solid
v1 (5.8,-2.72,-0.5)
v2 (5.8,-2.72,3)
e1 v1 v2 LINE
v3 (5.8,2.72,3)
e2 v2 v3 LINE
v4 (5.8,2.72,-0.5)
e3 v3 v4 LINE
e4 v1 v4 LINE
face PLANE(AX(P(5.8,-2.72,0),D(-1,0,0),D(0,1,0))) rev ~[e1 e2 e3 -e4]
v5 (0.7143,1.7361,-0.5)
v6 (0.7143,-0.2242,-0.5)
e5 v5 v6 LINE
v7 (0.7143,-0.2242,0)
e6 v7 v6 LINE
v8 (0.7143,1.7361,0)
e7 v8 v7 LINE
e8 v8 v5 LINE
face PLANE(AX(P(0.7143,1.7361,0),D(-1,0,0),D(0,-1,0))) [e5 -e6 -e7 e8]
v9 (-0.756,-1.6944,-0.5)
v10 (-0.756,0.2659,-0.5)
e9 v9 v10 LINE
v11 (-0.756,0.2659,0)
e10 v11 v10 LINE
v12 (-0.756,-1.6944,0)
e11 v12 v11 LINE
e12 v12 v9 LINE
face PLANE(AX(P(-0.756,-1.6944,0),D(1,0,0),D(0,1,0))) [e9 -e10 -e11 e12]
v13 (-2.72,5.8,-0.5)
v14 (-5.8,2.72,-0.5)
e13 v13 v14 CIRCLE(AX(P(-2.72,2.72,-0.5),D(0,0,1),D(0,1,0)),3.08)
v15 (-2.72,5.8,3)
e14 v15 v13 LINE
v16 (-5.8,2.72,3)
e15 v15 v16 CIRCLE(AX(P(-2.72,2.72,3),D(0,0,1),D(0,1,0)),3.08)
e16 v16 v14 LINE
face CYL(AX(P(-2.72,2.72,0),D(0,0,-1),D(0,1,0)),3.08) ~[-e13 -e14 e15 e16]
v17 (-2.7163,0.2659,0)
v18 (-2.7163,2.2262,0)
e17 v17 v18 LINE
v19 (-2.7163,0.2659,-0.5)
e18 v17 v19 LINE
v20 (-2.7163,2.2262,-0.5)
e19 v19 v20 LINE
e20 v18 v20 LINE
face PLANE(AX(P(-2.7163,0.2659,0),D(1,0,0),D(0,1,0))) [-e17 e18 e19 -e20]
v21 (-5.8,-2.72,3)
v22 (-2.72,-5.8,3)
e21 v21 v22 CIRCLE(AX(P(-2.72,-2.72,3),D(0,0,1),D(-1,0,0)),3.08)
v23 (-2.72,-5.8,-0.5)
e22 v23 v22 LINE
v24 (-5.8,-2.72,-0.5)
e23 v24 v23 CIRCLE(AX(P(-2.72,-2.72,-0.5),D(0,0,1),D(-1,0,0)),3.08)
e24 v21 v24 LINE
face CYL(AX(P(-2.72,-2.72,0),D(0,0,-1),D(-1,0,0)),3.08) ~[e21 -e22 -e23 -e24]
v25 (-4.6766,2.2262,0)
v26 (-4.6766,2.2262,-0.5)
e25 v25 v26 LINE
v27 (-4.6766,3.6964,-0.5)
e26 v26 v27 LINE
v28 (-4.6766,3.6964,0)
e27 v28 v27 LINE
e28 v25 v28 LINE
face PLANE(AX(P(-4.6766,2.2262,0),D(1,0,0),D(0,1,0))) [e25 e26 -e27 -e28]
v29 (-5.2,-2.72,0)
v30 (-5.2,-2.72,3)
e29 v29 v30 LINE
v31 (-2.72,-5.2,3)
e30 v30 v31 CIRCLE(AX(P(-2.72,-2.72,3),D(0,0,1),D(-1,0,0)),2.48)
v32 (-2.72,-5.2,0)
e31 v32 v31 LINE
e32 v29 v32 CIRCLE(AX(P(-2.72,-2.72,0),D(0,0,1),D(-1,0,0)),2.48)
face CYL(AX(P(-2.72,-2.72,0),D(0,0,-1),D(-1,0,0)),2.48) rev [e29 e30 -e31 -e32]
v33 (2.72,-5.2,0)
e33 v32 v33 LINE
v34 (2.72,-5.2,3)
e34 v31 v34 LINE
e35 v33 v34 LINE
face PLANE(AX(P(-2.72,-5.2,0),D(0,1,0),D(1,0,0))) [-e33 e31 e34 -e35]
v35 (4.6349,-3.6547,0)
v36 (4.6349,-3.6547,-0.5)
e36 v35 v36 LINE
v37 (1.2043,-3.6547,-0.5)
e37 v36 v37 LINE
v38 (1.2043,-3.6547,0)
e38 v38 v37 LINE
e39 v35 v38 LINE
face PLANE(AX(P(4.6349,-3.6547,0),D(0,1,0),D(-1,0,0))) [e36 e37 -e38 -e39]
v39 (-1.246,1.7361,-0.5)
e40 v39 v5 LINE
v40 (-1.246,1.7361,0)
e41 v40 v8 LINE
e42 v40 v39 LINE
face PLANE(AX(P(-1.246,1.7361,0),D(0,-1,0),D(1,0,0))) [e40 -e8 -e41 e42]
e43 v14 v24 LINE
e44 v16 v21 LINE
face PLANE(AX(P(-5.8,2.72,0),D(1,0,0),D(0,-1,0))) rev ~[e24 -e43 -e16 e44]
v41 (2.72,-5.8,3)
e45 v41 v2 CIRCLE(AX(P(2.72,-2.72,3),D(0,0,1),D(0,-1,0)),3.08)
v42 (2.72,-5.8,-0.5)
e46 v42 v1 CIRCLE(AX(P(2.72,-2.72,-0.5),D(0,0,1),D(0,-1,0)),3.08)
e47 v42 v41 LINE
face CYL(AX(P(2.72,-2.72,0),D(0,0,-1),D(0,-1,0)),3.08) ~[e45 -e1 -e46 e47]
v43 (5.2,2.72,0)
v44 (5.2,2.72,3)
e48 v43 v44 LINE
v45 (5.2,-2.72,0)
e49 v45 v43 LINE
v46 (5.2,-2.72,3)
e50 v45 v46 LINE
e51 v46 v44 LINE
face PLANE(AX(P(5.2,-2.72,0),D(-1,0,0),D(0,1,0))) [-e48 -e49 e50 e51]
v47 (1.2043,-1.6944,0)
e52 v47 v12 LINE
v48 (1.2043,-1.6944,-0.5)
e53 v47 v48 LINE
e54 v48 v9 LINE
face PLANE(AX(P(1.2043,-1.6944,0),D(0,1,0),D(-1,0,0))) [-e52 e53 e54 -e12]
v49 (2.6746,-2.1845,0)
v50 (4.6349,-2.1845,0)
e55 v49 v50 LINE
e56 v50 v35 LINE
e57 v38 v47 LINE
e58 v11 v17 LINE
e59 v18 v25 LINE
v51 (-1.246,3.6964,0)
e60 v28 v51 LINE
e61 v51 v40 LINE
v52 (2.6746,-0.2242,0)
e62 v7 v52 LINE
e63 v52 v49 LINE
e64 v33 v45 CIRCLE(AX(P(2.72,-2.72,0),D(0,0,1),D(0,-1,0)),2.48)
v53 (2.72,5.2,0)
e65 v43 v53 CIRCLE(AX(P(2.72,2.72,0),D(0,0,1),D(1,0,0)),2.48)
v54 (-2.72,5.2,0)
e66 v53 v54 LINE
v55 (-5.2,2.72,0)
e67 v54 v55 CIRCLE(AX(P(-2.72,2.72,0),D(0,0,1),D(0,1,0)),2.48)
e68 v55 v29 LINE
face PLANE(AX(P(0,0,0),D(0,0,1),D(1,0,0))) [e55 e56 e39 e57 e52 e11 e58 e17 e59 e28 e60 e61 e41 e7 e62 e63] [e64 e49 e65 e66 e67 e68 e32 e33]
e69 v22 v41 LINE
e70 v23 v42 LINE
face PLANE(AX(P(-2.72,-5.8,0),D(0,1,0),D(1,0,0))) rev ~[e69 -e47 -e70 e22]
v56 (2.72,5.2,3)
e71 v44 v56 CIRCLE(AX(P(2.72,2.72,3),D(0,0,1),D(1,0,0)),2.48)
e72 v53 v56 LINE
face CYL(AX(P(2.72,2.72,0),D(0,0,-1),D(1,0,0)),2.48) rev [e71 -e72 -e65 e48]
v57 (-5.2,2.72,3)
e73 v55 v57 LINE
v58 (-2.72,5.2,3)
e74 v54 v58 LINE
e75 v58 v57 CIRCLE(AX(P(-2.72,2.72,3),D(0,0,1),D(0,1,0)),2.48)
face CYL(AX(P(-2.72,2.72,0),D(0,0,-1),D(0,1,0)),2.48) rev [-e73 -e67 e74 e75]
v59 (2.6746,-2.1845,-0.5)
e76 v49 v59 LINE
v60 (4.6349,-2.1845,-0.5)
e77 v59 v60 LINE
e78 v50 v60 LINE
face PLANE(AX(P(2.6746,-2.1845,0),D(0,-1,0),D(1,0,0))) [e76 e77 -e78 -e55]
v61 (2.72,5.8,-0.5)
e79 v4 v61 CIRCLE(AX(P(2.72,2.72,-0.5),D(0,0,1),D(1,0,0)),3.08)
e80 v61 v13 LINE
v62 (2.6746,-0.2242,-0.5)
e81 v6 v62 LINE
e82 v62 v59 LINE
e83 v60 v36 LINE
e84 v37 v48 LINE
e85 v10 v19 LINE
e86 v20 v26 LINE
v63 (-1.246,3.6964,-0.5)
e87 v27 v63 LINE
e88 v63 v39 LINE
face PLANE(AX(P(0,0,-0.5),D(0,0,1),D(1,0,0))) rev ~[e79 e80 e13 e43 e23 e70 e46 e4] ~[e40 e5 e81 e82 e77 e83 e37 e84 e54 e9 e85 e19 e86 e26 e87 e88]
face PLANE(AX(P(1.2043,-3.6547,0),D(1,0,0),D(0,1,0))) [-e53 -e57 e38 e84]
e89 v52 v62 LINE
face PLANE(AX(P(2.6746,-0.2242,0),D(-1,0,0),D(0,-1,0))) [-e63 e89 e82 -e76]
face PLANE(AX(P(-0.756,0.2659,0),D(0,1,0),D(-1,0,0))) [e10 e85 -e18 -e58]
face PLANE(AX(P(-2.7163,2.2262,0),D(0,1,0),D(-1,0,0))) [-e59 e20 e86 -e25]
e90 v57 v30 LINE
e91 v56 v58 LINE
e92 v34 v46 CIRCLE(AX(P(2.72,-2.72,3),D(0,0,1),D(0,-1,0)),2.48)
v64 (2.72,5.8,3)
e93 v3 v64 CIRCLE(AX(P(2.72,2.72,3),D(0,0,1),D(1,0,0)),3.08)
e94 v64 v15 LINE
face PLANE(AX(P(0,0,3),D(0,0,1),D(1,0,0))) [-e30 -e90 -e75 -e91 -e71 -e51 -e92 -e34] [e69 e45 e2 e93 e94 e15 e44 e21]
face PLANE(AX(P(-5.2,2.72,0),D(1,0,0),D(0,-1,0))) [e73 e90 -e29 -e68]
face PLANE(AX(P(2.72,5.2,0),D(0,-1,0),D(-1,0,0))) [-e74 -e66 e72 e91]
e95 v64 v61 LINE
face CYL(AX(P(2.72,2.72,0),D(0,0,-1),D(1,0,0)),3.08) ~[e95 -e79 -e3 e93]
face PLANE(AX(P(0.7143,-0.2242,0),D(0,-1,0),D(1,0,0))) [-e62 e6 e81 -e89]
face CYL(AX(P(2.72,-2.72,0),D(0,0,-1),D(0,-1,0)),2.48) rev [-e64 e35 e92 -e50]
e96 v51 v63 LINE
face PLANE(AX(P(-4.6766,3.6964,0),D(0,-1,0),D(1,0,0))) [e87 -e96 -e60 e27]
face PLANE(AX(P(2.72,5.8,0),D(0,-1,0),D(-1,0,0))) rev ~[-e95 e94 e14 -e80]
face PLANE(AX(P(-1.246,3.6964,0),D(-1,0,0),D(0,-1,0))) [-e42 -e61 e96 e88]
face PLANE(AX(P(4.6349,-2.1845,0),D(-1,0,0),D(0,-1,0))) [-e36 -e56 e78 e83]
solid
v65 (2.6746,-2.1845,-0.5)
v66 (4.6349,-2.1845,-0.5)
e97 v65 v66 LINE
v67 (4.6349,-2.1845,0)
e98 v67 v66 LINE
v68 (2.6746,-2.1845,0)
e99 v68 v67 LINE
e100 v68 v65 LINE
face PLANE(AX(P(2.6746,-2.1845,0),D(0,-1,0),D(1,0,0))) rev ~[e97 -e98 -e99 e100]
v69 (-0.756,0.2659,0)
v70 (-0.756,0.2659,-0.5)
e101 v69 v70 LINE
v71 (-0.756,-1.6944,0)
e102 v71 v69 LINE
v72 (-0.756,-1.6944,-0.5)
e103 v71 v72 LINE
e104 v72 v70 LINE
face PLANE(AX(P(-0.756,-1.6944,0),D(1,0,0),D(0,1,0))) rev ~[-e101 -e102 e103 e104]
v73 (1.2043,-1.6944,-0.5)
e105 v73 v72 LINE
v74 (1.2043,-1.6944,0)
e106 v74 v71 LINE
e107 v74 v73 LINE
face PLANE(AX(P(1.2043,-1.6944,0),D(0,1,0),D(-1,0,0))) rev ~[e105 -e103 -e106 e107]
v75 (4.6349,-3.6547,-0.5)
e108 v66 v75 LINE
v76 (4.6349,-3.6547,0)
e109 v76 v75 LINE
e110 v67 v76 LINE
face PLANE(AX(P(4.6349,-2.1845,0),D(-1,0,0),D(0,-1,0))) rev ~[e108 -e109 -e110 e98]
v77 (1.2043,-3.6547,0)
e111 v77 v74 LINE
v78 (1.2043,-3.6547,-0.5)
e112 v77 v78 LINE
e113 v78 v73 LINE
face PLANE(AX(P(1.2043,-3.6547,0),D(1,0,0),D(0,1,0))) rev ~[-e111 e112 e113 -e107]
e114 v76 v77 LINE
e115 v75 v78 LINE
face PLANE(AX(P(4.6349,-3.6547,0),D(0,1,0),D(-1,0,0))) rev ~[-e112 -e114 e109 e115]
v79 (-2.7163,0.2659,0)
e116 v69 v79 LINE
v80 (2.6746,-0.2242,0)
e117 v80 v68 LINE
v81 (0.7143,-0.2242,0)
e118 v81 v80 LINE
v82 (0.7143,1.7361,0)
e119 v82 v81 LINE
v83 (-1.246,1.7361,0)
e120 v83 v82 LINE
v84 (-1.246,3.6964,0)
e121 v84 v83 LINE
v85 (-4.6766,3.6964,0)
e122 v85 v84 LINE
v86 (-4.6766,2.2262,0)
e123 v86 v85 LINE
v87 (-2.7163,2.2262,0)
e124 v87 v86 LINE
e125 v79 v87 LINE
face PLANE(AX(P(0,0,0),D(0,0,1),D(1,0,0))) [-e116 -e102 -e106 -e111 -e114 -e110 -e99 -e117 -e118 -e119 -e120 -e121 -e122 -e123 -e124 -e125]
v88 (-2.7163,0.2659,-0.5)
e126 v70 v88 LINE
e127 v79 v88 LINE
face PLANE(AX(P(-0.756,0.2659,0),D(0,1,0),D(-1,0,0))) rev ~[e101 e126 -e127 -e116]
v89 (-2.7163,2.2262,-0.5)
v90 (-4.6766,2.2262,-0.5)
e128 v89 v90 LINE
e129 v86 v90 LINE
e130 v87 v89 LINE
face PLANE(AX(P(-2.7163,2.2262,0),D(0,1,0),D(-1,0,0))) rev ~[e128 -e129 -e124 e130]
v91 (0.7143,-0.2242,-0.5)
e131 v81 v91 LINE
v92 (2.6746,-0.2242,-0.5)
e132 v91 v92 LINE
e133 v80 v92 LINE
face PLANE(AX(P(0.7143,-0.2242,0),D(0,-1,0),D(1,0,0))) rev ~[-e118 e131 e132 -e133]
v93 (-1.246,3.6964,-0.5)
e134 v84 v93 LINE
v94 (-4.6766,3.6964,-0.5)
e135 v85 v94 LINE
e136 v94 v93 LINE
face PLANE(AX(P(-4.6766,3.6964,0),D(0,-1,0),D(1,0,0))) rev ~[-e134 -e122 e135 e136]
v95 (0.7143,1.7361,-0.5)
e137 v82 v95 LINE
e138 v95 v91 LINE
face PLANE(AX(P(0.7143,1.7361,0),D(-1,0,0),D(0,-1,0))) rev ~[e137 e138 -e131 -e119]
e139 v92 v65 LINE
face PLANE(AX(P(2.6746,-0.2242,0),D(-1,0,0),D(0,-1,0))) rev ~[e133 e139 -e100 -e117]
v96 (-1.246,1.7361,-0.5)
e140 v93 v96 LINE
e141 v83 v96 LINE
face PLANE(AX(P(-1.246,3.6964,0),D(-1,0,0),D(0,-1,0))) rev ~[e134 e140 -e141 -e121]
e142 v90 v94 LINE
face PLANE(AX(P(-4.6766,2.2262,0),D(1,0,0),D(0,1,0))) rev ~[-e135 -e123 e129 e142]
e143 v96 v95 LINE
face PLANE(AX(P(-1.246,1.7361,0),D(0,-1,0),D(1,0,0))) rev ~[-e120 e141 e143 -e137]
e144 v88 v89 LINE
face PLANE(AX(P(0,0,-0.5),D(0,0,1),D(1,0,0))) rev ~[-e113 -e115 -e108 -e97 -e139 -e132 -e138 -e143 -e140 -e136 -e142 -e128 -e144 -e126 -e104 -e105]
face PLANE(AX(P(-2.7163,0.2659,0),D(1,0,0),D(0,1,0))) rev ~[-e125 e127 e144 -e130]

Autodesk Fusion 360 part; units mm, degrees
sketch "Sketch1" plane through (0, 0, 0) normal (0, 0, 1) x (1, 0, 0)
  line L0 (2.72, 5) -> (-2.72, 5)
  line L1 (-5, 2.72) -> (-5, -2.72)
  line L2 (-2.72, -5) -> (2.72, -5)
  line L3 (5, -2.72) -> (5, 2.72)
  line L4 (5, 5) -> (-5, -5) construction
  line L5 (-5, 5) -> (5, -5) construction
  arc A0 (5, 2.72) -> (2.72, 5) centre (2.72, 2.72) ccw
  arc A1 (2.72, -5) -> (5, -2.72) centre (2.72, -2.72) ccw
  arc A2 (-5, -2.72) -> (-2.72, -5) centre (-2.72, -2.72) ccw
  arc A3 (-2.72, 5) -> (-5, 2.72) centre (-2.72, 2.72) ccw
  line L6 (-2.72, -5.2) -> (2.72, -5.2)
  arc A4 (2.72, -5.2) -> (5.2, -2.72) centre (2.72, -2.72) ccw
  line L7 (5.2, -2.72) -> (5.2, 2.72)
  arc A5 (5.2, 2.72) -> (2.72, 5.2) centre (2.72, 2.72) ccw
  line L8 (2.72, 5.2) -> (-2.72, 5.2)
  arc A6 (-2.72, 5.2) -> (-5.2, 2.72) centre (-2.72, 2.72) ccw
  line L9 (-5.2, 2.72) -> (-5.2, -2.72)
  arc A7 (-5.2, -2.72) -> (-2.72, -5.2) centre (-2.72, -2.72) ccw
  line L10 (-2.72, -5.8) -> (2.72, -5.8)
  arc A8 (2.72, -5.8) -> (5.8, -2.72) centre (2.72, -2.72) ccw
  line L11 (5.8, -2.72) -> (5.8, 2.72)
  arc A9 (5.8, 2.72) -> (2.72, 5.8) centre (2.72, 2.72) ccw
  line L12 (2.72, 5.8) -> (-2.72, 5.8)
  arc A10 (-2.72, 5.8) -> (-5.8, 2.72) centre (-2.72, 2.72) ccw
  line L13 (-5.8, 2.72) -> (-5.8, -2.72)
  arc A11 (-5.8, -2.72) -> (-2.72, -5.8) centre (-2.72, -2.72) ccw
  dimension "d1" = 10
  dimension "d2" = 10
  dimension "d3" = 2.28
  dimension "d4" = 0.2
  dimension "d5" = 0.8
extrude "Extrude1" add sketch "Sketch1" along normal blind 3 contours L10 A8 L11 A9 L12 A10 L13 A11 makes body 1
extrude "Extrude2" add sketch "Sketch1" against normal blind 0.5 contours L0 L1 L2 L3 A0 A1 A2 A3 | L6 A4 L7 A5 L8 A6 L9 A7 | L10 A8 L11 A9 L12 A10 L13 A11 bodies 1
sketch "Sketch2" plane through (0, 0, 0) normal (0, 0, 1) x (1, 0, 0)
  line L0 (-2.72, -5.2) -> (2.72, -5.2)
  arc A0 (2.72, -5.2) -> (5.2, -2.72) centre (2.72, -2.72) ccw
  line L1 (5.2, -2.72) -> (5.2, 2.72)
  arc A1 (5.2, 2.72) -> (2.72, 5.2) centre (2.72, 2.72) ccw
  line L2 (2.72, 5.2) -> (-2.72, 5.2)
  arc A2 (-2.72, 5.2) -> (-5.2, 2.72) centre (-2.72, 2.72) ccw
  line L3 (-5.2, 2.72) -> (-5.2, -2.72)
  arc A3 (-5.2, -2.72) -> (-2.72, -5.2) centre (-2.72, -2.72) ccw
  line L4 (-1.246, 3.6964) -> (-1.246, 1.7361)
  line L5 (-1.246, 1.7361) -> (0.7143, 1.7361)
  line L6 (0.7143, 1.7361) -> (0.7143, -0.2242)
  line L7 (0.7143, -0.2242) -> (2.6746, -0.2242)
  line L8 (2.6746, -0.2242) -> (2.6746, -2.1845)
  line L9 (2.6746, -2.1845) -> (4.6349, -2.1845)
  line L10 (4.6349, -2.1845) -> (4.6349, -3.6547)
  line L11 (4.6349, -3.6547) -> (1.2043, -3.6547)
  line L12 (1.2043, -3.6547) -> (1.2043, -1.6944)
  line L13 (1.2043, -1.6944) -> (-0.756, -1.6944)
  line L14 (-0.756, -1.6944) -> (-0.756, 0.2659)
  line L15 (-0.756, 0.2659) -> (-2.7163, 0.2659)
  line L16 (-2.7163, 0.2659) -> (-2.7163, 2.2262)
  line L17 (-2.7163, 2.2262) -> (-4.6766, 2.2262)
  line L18 (-4.6766, 2.2262) -> (-4.6766, 3.6964)
  line L19 (-4.6766, 3.6964) -> (-1.246, 3.6964)
extrude "Extrude3" cut sketch "Sketch2" against normal blind 0.5 contours L4 L5 L6 L7 L8 L9 L10 L11 L12 L13 L14 L15 L16 L17 L18 L19 bodies 1
extrude "Extrude4" add sketch "Sketch2" against normal blind 0.5 separate body contours L4 L5 L6 L7 L8 L9 L10 L11 L12 L13 L14 L15 L16 L17 L18 L19 makes body 2
